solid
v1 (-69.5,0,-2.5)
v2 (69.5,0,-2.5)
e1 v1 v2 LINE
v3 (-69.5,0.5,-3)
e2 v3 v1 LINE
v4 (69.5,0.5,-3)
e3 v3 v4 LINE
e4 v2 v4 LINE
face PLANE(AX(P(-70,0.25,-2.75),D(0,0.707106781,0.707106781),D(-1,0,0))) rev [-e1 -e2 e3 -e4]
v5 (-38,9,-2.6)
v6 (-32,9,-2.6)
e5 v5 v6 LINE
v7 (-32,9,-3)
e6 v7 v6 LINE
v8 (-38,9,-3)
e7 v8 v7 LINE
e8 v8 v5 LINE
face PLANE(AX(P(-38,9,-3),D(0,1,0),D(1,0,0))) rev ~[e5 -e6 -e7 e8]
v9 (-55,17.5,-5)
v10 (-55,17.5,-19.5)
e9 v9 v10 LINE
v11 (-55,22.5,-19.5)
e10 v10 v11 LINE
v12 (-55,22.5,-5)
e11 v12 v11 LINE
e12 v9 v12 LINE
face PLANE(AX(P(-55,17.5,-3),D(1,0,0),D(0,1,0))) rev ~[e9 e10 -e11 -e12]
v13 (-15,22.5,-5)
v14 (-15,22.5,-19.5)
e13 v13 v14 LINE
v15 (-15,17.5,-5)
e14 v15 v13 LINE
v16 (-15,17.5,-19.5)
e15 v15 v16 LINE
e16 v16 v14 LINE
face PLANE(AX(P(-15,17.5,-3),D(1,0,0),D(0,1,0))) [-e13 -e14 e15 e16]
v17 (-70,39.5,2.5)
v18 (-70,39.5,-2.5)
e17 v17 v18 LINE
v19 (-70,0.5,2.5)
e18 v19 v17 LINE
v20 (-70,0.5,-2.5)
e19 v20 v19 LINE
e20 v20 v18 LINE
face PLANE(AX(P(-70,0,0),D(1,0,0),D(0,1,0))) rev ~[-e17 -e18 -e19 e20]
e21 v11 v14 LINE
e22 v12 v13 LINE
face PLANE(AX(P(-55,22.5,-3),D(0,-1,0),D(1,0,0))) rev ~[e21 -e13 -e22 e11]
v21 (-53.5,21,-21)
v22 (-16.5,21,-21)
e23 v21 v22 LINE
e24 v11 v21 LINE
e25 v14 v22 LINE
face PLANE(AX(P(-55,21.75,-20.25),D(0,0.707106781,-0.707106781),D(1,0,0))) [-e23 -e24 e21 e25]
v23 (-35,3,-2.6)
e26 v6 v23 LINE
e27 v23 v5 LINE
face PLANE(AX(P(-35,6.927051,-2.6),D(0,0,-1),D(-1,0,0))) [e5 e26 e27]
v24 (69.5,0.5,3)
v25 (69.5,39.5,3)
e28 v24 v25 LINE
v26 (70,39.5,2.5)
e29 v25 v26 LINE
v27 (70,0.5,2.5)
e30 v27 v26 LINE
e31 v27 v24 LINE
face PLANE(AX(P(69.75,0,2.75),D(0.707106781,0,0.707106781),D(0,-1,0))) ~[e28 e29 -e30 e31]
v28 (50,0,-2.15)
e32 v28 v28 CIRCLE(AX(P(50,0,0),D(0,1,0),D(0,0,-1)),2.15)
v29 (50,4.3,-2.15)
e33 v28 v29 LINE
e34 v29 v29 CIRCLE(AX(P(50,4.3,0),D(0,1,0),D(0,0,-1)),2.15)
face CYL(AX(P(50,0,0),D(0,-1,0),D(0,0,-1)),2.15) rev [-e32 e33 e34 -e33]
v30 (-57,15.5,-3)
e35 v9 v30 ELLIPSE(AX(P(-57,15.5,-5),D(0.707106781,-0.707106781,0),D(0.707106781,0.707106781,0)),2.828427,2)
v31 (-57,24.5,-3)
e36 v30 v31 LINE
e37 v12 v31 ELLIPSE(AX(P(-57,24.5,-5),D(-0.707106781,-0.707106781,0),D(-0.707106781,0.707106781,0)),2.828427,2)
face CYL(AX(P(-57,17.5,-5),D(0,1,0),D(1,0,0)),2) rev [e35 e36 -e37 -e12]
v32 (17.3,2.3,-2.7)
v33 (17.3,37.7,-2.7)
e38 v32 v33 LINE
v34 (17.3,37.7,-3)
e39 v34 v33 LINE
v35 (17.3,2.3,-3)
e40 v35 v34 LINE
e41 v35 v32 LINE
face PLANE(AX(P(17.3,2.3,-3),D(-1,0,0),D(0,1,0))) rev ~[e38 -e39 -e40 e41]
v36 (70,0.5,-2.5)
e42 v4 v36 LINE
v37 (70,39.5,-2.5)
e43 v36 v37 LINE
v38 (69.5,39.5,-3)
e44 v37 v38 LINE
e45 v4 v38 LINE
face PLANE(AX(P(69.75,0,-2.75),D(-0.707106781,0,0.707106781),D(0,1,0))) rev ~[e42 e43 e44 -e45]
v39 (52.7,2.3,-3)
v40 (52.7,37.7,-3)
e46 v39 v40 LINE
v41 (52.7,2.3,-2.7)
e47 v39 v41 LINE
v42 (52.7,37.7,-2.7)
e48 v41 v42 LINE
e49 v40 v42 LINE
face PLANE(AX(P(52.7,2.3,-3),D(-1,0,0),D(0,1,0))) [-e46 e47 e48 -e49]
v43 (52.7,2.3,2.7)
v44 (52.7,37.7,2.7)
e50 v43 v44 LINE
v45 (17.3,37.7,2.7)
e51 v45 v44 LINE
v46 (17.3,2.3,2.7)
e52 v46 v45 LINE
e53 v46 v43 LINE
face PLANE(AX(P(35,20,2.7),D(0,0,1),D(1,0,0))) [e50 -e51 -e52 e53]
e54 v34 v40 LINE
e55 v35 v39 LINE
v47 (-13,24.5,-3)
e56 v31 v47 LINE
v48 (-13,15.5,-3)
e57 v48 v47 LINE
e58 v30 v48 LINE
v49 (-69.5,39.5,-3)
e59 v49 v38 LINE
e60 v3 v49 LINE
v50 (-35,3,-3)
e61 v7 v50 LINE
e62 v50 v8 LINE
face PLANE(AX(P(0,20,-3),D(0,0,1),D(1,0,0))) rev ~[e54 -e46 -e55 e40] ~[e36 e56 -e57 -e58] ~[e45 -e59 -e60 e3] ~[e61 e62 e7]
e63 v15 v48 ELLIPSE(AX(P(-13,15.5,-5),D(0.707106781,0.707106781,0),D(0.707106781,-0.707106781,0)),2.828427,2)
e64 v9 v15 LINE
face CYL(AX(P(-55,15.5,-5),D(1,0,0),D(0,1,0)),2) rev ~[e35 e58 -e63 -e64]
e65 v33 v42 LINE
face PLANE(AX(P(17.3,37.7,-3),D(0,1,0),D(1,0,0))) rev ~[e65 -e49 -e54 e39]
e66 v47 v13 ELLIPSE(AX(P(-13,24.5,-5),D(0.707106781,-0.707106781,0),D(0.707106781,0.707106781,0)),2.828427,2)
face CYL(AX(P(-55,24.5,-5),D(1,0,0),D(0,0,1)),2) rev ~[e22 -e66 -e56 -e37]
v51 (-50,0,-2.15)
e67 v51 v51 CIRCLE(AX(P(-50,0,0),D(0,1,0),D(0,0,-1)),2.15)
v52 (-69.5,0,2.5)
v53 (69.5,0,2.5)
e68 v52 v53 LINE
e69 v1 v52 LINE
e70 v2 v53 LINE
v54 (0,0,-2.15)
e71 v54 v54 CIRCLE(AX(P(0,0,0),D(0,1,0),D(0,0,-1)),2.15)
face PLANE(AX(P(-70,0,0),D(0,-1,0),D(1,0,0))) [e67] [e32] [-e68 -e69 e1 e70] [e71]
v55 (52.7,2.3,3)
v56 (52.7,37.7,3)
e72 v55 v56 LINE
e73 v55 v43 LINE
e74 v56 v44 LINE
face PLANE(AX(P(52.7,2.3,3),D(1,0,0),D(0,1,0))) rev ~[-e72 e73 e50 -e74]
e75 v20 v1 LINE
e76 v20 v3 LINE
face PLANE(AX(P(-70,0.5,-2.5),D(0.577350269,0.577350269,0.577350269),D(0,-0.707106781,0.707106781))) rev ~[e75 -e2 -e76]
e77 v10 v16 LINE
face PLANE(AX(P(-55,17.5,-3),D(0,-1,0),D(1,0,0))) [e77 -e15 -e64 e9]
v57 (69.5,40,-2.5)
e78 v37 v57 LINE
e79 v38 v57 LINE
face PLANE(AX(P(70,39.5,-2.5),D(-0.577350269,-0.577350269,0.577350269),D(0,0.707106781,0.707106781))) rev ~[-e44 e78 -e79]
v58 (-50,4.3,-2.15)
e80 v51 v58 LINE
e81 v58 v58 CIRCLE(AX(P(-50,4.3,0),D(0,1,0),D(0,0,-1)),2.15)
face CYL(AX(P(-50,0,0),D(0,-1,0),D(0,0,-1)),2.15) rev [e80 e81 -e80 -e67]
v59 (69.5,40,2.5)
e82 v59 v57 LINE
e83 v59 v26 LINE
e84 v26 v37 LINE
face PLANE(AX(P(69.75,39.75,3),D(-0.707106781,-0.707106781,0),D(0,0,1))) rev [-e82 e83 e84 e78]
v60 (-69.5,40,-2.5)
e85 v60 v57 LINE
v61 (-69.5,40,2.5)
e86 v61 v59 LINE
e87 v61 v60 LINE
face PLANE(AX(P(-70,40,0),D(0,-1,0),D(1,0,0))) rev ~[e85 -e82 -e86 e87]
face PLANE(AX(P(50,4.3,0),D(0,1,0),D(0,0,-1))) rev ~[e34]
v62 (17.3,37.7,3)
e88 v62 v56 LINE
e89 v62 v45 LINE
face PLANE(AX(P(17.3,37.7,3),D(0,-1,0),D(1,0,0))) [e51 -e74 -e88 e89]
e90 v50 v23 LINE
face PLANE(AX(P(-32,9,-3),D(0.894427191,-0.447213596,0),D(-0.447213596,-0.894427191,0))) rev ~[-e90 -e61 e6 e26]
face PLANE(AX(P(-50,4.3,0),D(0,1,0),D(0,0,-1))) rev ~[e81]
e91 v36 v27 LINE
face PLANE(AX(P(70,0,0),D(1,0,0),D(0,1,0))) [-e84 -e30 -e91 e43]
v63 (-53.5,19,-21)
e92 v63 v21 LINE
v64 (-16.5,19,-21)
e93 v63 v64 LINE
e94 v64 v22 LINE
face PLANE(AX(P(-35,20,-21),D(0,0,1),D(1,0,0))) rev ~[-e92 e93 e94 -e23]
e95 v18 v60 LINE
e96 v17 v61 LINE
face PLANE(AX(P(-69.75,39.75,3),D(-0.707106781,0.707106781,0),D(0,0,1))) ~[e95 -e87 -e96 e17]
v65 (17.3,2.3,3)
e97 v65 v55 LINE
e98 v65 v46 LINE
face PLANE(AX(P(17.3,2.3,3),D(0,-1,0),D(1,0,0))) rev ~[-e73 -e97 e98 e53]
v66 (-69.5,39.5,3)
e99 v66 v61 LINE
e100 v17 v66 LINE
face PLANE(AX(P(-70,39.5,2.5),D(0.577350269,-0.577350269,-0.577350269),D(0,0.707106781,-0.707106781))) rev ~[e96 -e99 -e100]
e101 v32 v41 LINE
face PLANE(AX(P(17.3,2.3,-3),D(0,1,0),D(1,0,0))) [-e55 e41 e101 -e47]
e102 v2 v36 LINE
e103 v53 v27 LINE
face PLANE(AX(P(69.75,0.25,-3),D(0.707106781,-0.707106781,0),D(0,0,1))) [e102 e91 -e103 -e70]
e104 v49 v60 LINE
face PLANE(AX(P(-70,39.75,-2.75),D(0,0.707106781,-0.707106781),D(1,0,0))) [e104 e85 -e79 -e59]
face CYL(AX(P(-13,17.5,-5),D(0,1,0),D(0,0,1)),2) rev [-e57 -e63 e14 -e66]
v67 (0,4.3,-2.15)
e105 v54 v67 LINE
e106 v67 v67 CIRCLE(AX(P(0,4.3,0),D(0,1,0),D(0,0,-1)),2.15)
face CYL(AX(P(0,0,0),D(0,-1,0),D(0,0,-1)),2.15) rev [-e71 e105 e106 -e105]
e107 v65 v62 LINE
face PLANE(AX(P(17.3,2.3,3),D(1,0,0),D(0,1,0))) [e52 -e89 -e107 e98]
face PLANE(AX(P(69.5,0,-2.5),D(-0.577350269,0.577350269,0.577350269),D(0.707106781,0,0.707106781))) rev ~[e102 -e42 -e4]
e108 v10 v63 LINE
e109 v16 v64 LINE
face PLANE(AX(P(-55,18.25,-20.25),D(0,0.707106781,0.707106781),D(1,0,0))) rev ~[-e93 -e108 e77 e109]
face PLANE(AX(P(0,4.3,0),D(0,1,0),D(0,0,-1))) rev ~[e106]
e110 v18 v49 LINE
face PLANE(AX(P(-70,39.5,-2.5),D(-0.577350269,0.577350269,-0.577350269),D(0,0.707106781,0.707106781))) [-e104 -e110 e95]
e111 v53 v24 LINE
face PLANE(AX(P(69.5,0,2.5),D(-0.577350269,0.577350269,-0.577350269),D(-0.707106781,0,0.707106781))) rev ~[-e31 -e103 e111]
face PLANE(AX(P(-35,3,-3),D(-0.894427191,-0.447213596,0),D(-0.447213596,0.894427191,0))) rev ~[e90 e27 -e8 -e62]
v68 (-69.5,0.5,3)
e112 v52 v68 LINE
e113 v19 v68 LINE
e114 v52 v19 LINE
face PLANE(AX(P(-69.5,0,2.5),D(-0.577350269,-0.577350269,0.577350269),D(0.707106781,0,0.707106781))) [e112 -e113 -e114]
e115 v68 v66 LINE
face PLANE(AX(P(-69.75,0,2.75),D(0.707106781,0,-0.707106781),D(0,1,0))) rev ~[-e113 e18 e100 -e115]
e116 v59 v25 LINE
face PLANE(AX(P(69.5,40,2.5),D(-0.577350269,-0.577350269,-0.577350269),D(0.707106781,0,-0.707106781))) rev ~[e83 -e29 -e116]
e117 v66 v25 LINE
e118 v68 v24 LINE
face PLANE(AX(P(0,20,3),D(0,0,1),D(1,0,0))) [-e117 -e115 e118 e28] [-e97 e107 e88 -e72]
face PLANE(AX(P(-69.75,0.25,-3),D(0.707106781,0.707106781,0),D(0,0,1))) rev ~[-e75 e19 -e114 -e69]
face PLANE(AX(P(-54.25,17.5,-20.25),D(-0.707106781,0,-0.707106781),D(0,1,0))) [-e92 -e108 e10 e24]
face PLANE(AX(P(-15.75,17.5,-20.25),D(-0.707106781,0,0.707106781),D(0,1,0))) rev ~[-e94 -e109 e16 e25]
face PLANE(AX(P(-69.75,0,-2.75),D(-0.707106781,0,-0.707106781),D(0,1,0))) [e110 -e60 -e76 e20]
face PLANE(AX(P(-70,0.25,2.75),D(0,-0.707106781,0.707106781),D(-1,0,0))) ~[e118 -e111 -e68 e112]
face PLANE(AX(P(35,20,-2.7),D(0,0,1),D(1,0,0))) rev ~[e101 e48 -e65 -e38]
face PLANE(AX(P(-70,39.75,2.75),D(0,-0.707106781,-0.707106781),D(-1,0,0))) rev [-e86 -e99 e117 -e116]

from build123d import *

# Parameters (mm, degrees)
CROQUIS1_W              = 140
CROQUIS1_H              = 40
SALIENTE_EXTRUIR1_DEPTH = 3
CHAFL_N1_SIZE           = 0.5
CROQUIS4_W              = 40
CROQUIS4_H              = 5
SALIENTE_EXTRUIR3_DEPTH = 18
CHAFL_N2_SIZE           = 1.5
REDONDEO1_R             = 2
CROQUIS5_R              = 2.15
CORTAR_EXTRUIR1_DEPTH   = 4.3
CROQUIS6_W              = 35.4
CROQUIS6_H              = 35.4
CORTAR_EXTRUIR3_DEPTH   = 0.3
CROQUIS7_W              = 35.4
CROQUIS7_H              = 35.4
CORTAR_EXTRUIR5_DEPTH   = 0.3
CORTAR_EXTRUIR6_DEPTH   = 0.4


with BuildPart() as part:
    # Croquis1 → Saliente-Extruir1 (new, symmetric)
    with BuildSketch(Plane.XY):
        with Locations((0, 20)):
            Rectangle(CROQUIS1_W, CROQUIS1_H)
    extrude(amount=SALIENTE_EXTRUIR1_DEPTH, both=True)

    # Chaflán1
    chafl_n1_edges = [part.edges().sort_by_distance(p)[0] for p in [
        (70, 20, 3),
        (0, 40, 3),
        (-70, 20, 3),
        (0, 40, -3),
        (70, 20, -3),
        (0, 0, -3),
        (-70, 20, -3),
        (-70, 40, 0),
        (70, 40, 0),
        (70, 0, 0),
        (-70, 0, 0),
        (0, 0, 3),
    ]]
    chamfer(chafl_n1_edges, length=CHAFL_N1_SIZE)

    # Croquis4 → Saliente-Extruir3 (add)
    with BuildSketch(Plane.XY.offset(-3)):
        with Locations((-35, 20)):
            Rectangle(CROQUIS4_W, CROQUIS4_H)
    extrude(amount=-SALIENTE_EXTRUIR3_DEPTH)

    # Chaflán2
    chafl_n2_edges = [part.edges().sort_by_distance(p)[0] for p in [
        (-55, 20, -21),
        (-35, 22.5, -21),
        (-15, 20, -21),
        (-35, 17.5, -21),
    ]]
    chamfer(chafl_n2_edges, length=CHAFL_N2_SIZE)

    # Redondeo1
    redondeo1_edges = [part.edges().sort_by_distance(p)[0] for p in [
        (-55, 20, -3),
        (-35, 17.5, -3),
        (-15, 20, -3),
        (-35, 22.5, -3),
    ]]
    fillet(redondeo1_edges, radius=REDONDEO1_R)

    # Croquis5 → Cortar-Extruir1 (cut)
    with BuildSketch(Plane(origin=(0, 0, 0), x_dir=(1, 0, 0), z_dir=(0, 1, 0))):
        with Locations(Location((-50, 0, 0), (0, 0, 90))):
            Circle(CROQUIS5_R)
        with Locations(Location((0, 0, 0), (0, 0, 90))):
            Circle(CROQUIS5_R)
        with Locations(Location((50, 0, 0), (0, 0, 90))):
            Circle(CROQUIS5_R)
    extrude(amount=CORTAR_EXTRUIR1_DEPTH, mode=Mode.SUBTRACT)

    # Croquis6 → Cortar-Extruir3 (cut)
    with BuildSketch(Plane.XY.offset(3)):
        with Locations((35, 20)):
            Rectangle(CROQUIS6_W, CROQUIS6_H)
    extrude(amount=-CORTAR_EXTRUIR3_DEPTH, mode=Mode.SUBTRACT)

    # Croquis7 → Cortar-Extruir5 (cut)
    with BuildSketch(Plane.XY.offset(-3)):
        with Locations((35, 20)):
            Rectangle(CROQUIS7_W, CROQUIS7_H)
    extrude(amount=CORTAR_EXTRUIR5_DEPTH, mode=Mode.SUBTRACT)

    # Croquis8 → Cortar-Extruir6 (cut)
    with BuildSketch(Plane.XY.offset(-3)):
        Polygon((-38, 9), (-32, 9), (-35, 3), align=None)
    extrude(amount=CORTAR_EXTRUIR6_DEPTH, mode=Mode.SUBTRACT)


solid = part.part
